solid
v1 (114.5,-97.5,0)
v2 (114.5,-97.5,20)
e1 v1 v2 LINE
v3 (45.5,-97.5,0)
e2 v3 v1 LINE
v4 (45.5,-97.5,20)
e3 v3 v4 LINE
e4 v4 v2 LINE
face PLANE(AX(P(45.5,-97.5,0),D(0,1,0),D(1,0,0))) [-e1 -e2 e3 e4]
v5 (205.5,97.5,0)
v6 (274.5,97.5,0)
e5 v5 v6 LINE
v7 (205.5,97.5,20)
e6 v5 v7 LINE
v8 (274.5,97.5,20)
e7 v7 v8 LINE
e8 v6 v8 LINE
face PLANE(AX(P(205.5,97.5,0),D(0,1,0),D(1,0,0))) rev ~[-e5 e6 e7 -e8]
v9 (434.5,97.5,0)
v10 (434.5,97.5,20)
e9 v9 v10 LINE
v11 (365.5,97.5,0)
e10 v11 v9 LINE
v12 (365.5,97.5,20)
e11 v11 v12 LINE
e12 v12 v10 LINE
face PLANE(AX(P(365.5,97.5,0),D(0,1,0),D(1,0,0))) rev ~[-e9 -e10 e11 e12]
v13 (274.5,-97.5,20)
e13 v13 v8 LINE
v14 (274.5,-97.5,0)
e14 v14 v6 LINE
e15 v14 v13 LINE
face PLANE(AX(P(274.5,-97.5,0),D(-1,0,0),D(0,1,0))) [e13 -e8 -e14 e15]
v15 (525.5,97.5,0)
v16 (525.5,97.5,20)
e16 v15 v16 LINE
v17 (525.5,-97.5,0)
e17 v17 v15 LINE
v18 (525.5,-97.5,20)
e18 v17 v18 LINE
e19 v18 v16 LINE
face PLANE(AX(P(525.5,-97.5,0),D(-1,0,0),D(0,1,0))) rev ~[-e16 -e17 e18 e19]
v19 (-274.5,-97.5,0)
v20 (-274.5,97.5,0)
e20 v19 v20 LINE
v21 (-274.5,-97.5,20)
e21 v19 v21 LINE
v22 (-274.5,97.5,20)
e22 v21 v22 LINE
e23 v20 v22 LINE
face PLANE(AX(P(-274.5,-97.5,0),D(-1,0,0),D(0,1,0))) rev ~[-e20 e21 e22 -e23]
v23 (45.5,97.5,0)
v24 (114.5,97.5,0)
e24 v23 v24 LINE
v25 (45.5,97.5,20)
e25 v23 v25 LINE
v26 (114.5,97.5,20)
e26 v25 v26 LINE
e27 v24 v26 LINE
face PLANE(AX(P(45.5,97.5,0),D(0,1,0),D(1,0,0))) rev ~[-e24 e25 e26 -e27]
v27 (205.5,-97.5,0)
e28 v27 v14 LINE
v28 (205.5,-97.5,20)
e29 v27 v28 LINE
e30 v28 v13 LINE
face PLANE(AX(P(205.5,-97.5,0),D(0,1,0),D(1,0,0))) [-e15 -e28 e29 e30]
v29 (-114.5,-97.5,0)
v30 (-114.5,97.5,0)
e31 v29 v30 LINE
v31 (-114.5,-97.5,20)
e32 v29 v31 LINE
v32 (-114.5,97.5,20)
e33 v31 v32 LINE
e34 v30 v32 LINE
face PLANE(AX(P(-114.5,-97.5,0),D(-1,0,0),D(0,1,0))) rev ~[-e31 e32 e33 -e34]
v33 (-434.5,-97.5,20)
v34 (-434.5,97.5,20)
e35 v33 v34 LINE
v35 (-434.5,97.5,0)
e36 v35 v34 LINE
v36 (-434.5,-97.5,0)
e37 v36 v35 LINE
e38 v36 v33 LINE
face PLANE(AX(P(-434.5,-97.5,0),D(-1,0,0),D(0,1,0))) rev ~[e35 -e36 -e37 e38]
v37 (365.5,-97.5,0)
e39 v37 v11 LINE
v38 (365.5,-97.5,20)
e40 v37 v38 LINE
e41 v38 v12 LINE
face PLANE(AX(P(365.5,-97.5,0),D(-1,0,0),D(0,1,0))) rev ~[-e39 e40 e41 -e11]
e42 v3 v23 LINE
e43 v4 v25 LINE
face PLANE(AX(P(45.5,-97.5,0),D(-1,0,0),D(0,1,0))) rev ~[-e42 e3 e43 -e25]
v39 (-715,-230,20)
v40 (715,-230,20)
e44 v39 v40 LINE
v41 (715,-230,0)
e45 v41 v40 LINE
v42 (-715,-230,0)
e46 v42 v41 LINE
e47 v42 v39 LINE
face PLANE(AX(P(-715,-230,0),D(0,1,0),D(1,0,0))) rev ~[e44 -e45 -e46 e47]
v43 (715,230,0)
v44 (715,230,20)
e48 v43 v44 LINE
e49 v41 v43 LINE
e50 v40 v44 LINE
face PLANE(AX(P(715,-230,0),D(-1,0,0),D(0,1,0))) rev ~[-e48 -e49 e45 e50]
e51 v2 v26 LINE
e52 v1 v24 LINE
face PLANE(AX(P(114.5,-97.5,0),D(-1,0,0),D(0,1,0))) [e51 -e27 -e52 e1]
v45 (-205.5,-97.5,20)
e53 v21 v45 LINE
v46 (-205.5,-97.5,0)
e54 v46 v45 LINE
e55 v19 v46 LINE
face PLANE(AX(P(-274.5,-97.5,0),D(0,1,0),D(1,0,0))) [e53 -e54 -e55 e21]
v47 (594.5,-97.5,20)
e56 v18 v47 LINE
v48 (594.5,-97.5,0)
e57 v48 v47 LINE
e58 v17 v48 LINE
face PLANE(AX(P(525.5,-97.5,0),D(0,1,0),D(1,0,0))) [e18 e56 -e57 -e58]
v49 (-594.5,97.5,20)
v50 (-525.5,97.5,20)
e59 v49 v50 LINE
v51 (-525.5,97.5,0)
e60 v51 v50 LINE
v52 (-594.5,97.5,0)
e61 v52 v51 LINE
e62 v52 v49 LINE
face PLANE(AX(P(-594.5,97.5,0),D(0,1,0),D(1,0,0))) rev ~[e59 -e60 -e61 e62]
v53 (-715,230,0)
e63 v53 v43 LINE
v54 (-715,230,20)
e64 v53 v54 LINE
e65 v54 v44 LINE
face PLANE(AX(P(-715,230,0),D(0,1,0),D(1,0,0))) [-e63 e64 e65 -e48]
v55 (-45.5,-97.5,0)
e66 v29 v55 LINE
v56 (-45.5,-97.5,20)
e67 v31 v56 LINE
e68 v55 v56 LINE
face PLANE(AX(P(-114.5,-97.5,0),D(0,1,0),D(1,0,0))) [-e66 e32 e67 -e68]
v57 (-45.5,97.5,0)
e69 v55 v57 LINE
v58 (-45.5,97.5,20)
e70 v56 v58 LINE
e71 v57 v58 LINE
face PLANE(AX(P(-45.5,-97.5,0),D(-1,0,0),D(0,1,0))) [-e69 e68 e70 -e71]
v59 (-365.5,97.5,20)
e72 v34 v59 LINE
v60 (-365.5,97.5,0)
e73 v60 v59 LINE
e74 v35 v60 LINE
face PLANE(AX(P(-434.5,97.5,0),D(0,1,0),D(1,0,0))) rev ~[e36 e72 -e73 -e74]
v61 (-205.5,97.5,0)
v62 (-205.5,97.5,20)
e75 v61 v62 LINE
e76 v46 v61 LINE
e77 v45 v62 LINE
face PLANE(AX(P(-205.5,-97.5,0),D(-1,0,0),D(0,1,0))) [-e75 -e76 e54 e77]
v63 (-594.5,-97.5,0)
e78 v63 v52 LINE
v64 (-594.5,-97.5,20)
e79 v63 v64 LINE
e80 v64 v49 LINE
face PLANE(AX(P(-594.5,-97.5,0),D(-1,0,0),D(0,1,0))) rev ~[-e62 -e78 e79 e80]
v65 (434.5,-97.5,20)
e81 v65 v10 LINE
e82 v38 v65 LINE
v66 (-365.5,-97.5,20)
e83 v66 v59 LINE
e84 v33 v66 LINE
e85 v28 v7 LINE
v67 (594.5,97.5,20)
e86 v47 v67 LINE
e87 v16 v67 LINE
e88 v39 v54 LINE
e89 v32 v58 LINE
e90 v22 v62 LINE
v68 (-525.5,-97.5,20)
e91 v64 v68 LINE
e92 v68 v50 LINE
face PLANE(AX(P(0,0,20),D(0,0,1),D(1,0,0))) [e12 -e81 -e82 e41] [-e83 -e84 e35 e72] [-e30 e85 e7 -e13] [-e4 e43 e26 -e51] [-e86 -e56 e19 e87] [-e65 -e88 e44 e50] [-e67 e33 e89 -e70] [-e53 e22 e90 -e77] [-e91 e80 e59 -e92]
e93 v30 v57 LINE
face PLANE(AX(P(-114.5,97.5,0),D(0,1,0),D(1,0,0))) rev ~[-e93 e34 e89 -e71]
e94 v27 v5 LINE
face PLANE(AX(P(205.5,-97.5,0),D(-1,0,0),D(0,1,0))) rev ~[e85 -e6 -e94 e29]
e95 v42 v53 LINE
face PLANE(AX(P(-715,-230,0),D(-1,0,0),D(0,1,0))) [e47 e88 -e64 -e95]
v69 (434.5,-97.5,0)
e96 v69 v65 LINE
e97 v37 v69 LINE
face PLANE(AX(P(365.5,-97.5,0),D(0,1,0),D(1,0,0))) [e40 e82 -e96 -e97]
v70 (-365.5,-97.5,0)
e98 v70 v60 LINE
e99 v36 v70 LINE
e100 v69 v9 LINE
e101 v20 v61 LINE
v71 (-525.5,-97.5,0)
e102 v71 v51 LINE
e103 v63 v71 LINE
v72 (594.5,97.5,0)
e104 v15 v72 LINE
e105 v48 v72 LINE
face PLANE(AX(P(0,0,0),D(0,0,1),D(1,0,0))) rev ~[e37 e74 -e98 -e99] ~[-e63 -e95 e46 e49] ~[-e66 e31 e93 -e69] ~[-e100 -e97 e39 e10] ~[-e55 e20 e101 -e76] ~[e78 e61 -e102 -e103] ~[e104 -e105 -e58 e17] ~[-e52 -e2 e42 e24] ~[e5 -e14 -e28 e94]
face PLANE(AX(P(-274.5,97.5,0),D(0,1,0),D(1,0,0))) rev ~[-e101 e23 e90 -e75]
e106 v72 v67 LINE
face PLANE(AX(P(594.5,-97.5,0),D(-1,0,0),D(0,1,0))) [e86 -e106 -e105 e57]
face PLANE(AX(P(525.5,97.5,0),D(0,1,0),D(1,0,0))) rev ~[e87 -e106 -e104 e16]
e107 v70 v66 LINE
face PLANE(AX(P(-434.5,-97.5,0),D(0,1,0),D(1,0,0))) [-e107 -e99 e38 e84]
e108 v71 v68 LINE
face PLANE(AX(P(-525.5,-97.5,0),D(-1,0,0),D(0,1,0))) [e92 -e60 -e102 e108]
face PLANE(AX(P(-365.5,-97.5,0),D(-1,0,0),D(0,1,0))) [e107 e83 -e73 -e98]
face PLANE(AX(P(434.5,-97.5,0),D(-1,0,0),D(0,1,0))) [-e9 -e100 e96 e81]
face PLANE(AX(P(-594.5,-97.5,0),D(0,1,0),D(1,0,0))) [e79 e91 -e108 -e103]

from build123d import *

# Parameters (mm, degrees)
SKETCH1_W           = 1430
SKETCH1_H           = 460
SKETCH1_W_2         = 69
SKETCH1_H_2         = 195
BOSS_EXTRUDE1_DEPTH = 20


with BuildPart() as part:
    # Sketch1 → Boss-Extrude1 (new body)
    with BuildSketch(Plane.XY):
        Rectangle(SKETCH1_W, SKETCH1_H)
        with Locations((-400, 0)):
            Rectangle(SKETCH1_W_2, SKETCH1_H_2, mode=Mode.SUBTRACT)
        with Locations((-560, 0)):
            Rectangle(SKETCH1_W_2, SKETCH1_H_2, mode=Mode.SUBTRACT)
        with Locations((-240, 0)):
            Rectangle(SKETCH1_W_2, SKETCH1_H_2, mode=Mode.SUBTRACT)
        with Locations((-80, 0)):
            Rectangle(SKETCH1_W_2, SKETCH1_H_2, mode=Mode.SUBTRACT)
        with Locations((80, 0)):
            Rectangle(SKETCH1_W_2, SKETCH1_H_2, mode=Mode.SUBTRACT)
        with Locations((240, 0)):
            Rectangle(SKETCH1_W_2, SKETCH1_H_2, mode=Mode.SUBTRACT)
        with Locations((400, 0)):
            Rectangle(SKETCH1_W_2, SKETCH1_H_2, mode=Mode.SUBTRACT)
        with Locations((560, 0)):
            Rectangle(SKETCH1_W_2, SKETCH1_H_2, mode=Mode.SUBTRACT)
    extrude(amount=BOSS_EXTRUDE1_DEPTH)


solid = part.part
